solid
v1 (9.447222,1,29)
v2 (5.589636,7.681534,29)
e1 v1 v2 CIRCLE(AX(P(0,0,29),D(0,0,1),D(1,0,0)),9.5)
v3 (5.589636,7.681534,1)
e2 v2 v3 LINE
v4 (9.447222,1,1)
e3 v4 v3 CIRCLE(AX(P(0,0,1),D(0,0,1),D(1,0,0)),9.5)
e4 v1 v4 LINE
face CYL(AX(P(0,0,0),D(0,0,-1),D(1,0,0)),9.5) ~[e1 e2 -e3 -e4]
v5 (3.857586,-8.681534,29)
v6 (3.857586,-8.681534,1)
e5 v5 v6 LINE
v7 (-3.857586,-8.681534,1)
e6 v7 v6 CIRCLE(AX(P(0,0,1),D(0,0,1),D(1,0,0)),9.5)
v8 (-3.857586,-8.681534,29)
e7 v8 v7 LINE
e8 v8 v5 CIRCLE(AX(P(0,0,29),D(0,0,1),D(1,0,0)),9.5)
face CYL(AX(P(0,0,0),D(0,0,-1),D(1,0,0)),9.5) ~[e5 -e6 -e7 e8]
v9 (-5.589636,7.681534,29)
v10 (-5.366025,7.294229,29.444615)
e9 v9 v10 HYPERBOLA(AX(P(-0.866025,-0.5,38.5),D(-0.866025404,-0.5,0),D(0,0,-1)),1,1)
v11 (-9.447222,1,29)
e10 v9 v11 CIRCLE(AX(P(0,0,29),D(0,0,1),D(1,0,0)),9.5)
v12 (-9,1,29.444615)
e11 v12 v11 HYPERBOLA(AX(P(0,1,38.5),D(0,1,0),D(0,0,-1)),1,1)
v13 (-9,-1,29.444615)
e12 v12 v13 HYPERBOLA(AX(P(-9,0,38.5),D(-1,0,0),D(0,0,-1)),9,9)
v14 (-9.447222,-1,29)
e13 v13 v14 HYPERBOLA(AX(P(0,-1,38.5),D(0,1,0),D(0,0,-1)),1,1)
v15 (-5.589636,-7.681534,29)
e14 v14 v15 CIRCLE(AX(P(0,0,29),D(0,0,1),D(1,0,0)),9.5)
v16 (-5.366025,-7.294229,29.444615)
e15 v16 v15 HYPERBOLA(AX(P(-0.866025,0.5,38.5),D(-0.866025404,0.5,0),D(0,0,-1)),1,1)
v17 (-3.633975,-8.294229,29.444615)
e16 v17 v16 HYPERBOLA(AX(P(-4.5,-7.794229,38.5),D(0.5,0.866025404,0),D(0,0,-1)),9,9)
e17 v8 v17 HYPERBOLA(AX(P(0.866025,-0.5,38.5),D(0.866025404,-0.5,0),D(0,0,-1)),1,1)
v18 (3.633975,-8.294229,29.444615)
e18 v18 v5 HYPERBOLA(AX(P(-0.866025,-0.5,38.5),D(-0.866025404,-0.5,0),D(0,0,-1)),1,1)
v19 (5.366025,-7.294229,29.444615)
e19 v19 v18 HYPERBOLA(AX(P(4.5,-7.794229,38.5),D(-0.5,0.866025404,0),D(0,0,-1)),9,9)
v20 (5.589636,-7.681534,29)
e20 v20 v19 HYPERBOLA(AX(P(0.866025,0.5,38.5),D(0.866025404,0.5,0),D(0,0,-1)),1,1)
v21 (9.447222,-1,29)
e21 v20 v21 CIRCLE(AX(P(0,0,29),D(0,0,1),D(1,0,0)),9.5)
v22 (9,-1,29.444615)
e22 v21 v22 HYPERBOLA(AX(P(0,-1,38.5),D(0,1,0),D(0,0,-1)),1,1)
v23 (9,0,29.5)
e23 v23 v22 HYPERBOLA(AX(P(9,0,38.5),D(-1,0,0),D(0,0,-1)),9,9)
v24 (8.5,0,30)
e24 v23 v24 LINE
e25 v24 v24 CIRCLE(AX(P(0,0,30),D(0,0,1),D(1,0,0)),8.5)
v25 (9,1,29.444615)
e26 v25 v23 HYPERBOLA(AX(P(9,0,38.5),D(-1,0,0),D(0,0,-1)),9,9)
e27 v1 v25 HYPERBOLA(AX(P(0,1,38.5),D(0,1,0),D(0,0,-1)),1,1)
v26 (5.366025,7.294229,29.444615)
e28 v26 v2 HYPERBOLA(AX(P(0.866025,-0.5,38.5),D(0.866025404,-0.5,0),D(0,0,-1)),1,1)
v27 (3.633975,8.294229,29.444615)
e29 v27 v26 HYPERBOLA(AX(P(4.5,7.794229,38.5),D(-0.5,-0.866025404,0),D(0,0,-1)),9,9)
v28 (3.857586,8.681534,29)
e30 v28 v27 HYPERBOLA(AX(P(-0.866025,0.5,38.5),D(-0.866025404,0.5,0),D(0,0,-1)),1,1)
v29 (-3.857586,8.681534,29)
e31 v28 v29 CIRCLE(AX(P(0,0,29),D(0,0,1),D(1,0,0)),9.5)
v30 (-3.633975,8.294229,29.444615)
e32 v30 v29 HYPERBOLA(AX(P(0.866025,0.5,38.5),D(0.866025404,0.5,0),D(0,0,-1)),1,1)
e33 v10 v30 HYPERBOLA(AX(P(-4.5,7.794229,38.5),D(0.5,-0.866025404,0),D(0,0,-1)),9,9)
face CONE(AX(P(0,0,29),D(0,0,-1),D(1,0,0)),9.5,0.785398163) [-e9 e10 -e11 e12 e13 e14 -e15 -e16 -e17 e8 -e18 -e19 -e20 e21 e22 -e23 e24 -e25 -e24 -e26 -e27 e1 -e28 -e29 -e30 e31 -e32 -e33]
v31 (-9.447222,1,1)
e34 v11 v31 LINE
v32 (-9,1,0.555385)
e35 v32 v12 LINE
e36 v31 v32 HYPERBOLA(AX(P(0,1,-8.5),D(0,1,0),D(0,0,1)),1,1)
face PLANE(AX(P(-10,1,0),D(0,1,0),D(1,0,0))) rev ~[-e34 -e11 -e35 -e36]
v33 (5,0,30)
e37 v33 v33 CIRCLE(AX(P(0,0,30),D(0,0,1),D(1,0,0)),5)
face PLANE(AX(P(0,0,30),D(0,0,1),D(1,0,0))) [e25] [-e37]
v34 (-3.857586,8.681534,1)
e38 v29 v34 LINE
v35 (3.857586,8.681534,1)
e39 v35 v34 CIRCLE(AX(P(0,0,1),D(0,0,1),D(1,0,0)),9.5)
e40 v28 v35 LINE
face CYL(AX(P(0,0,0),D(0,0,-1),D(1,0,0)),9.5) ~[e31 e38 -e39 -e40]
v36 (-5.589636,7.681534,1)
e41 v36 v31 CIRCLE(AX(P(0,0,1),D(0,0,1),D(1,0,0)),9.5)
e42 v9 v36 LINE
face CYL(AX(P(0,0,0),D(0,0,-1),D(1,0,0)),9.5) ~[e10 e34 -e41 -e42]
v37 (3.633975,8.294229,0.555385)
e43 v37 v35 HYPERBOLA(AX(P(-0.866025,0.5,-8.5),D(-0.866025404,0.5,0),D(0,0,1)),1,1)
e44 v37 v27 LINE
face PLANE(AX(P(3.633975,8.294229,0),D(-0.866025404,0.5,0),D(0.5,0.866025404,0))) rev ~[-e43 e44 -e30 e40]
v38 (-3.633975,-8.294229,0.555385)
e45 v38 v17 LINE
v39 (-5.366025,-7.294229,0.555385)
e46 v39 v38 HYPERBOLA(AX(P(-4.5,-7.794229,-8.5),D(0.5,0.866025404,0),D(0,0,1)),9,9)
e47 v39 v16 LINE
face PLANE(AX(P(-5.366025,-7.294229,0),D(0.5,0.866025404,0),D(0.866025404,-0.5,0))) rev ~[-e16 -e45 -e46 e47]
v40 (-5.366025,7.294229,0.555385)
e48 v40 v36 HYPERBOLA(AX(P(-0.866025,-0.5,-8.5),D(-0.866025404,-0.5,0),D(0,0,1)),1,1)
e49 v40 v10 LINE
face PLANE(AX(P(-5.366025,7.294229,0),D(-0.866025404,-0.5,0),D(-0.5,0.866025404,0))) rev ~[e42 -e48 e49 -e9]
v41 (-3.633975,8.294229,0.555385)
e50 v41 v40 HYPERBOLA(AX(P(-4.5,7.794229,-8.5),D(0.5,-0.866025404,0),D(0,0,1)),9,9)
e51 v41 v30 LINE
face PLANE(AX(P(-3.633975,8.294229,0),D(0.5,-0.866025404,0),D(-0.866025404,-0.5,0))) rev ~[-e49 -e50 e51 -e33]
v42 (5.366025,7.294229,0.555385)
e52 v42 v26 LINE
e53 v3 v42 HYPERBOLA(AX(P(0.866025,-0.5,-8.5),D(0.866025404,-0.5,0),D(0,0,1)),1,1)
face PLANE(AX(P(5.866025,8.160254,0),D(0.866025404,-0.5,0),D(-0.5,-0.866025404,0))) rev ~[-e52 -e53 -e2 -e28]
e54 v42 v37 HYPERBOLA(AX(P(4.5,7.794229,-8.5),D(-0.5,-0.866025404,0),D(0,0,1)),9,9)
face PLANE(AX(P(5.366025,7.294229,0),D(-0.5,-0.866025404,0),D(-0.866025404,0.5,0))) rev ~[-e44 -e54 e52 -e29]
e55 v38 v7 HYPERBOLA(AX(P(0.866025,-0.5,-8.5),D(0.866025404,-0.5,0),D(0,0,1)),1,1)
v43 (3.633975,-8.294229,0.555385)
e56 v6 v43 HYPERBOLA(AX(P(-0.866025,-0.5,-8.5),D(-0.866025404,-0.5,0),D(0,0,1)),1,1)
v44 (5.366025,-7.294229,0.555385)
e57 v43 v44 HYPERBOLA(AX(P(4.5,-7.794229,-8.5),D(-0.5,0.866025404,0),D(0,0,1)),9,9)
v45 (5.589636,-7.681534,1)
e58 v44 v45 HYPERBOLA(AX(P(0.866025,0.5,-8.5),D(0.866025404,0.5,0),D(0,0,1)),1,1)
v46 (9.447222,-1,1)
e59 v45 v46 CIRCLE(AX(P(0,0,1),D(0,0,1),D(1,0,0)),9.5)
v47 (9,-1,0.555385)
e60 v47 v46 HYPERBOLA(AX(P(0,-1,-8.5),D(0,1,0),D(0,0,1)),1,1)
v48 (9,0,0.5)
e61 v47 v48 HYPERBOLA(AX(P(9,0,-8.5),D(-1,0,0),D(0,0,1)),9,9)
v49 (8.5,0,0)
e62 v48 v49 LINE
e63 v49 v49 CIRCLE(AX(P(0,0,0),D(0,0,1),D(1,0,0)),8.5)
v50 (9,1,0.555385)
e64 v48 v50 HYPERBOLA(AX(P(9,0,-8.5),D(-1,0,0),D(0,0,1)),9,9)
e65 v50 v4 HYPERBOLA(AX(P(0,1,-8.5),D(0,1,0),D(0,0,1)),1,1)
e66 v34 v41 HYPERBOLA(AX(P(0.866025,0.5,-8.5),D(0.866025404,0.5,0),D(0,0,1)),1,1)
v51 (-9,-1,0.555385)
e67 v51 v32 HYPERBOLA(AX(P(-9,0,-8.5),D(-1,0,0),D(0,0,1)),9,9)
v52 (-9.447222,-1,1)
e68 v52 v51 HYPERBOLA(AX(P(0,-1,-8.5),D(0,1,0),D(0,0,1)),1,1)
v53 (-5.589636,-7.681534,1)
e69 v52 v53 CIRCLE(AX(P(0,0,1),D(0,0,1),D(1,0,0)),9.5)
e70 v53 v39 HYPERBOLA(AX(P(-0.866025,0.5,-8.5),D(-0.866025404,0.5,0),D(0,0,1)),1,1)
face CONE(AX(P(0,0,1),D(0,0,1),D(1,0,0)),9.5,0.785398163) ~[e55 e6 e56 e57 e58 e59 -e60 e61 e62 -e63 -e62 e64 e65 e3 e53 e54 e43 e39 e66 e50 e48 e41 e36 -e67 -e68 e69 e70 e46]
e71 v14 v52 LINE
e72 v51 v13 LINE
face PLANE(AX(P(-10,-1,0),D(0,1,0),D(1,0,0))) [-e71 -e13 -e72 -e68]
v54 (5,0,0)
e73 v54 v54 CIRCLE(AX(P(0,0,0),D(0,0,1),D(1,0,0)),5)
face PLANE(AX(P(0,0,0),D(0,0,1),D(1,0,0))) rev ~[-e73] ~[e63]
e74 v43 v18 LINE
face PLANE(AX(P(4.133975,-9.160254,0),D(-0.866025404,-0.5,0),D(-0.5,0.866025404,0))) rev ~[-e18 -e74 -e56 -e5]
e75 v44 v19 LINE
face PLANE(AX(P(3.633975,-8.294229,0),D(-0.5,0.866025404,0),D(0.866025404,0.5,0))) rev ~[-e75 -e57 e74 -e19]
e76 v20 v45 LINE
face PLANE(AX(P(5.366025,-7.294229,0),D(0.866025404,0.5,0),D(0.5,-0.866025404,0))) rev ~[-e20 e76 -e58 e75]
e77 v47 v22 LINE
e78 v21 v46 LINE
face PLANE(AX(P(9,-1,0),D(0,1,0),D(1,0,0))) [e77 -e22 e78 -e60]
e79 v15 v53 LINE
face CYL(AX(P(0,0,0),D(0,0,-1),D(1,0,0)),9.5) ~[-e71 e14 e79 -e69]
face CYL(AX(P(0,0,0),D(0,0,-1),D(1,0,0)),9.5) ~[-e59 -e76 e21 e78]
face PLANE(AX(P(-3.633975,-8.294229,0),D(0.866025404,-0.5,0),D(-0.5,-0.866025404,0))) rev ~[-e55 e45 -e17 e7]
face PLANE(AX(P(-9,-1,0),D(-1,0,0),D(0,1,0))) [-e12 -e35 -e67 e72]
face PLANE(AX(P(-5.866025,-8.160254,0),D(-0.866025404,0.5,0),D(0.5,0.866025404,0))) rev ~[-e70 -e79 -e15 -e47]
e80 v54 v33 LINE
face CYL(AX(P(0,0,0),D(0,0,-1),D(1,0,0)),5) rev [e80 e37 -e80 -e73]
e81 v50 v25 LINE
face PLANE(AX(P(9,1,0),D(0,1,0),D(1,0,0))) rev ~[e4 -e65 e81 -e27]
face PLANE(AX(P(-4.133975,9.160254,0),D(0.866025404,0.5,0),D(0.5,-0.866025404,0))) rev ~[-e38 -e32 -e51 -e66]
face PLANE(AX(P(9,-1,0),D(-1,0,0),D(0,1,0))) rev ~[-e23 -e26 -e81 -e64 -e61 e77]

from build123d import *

# Parameters (mm, degrees)
SKETCH_1_R          = 9.5
SKETCH_1_R_2        = 5
EXTRUDE_1_DEPTH     = 30
CHAMFER_1_SIZE      = 1
SKETCH_2_W          = 1
SKETCH_2_H          = 2
CUT_EXTRUDE_1_DEPTH = 33.870959828


with BuildPart() as part:
    # 스케치1 → 보스-돌출1 (new body)
    with BuildSketch(Plane.XY):
        Circle(SKETCH_1_R)
        Circle(SKETCH_1_R_2, mode=Mode.SUBTRACT)
    extrude(amount=EXTRUDE_1_DEPTH)

    # 모따기1
    chamfer_1_edges = [part.edges().sort_by_distance(p)[0] for p in [
        (-9.5, 0, 0),
        (-9.5, 0, 30),
    ]]
    chamfer(chamfer_1_edges, length=CHAMFER_1_SIZE)

    # 스케치2 → 컷-돌출1 (cut, through all)
    with BuildSketch(Plane.XY):
        Polygon((-3.633974596, 8.294228634), (-5.366025404, 7.294228634), (-5.866025404, 8.160254038), (-4.133974596, 9.160254038), align=None)
        with Locations((-9.5, 0)):
            Rectangle(SKETCH_2_W, SKETCH_2_H)
        Polygon((5.366025404, 7.294228634), (3.633974596, 8.294228634), (4.133974596, 9.160254038), (5.866025404, 8.160254038), align=None)
        with Locations((9.5, 0)):
            Rectangle(SKETCH_2_W, SKETCH_2_H)
        Polygon((3.633974596, -8.294228634), (5.366025404, -7.294228634), (5.866025404, -8.160254038), (4.133974596, -9.160254038), align=None)
        Polygon((-5.366025404, -7.294228634), (-3.633974596, -8.294228634), (-4.133974596, -9.160254038), (-5.866025404, -8.160254038), align=None)
    extrude(amount=CUT_EXTRUDE_1_DEPTH, mode=Mode.SUBTRACT)


solid = part.part
